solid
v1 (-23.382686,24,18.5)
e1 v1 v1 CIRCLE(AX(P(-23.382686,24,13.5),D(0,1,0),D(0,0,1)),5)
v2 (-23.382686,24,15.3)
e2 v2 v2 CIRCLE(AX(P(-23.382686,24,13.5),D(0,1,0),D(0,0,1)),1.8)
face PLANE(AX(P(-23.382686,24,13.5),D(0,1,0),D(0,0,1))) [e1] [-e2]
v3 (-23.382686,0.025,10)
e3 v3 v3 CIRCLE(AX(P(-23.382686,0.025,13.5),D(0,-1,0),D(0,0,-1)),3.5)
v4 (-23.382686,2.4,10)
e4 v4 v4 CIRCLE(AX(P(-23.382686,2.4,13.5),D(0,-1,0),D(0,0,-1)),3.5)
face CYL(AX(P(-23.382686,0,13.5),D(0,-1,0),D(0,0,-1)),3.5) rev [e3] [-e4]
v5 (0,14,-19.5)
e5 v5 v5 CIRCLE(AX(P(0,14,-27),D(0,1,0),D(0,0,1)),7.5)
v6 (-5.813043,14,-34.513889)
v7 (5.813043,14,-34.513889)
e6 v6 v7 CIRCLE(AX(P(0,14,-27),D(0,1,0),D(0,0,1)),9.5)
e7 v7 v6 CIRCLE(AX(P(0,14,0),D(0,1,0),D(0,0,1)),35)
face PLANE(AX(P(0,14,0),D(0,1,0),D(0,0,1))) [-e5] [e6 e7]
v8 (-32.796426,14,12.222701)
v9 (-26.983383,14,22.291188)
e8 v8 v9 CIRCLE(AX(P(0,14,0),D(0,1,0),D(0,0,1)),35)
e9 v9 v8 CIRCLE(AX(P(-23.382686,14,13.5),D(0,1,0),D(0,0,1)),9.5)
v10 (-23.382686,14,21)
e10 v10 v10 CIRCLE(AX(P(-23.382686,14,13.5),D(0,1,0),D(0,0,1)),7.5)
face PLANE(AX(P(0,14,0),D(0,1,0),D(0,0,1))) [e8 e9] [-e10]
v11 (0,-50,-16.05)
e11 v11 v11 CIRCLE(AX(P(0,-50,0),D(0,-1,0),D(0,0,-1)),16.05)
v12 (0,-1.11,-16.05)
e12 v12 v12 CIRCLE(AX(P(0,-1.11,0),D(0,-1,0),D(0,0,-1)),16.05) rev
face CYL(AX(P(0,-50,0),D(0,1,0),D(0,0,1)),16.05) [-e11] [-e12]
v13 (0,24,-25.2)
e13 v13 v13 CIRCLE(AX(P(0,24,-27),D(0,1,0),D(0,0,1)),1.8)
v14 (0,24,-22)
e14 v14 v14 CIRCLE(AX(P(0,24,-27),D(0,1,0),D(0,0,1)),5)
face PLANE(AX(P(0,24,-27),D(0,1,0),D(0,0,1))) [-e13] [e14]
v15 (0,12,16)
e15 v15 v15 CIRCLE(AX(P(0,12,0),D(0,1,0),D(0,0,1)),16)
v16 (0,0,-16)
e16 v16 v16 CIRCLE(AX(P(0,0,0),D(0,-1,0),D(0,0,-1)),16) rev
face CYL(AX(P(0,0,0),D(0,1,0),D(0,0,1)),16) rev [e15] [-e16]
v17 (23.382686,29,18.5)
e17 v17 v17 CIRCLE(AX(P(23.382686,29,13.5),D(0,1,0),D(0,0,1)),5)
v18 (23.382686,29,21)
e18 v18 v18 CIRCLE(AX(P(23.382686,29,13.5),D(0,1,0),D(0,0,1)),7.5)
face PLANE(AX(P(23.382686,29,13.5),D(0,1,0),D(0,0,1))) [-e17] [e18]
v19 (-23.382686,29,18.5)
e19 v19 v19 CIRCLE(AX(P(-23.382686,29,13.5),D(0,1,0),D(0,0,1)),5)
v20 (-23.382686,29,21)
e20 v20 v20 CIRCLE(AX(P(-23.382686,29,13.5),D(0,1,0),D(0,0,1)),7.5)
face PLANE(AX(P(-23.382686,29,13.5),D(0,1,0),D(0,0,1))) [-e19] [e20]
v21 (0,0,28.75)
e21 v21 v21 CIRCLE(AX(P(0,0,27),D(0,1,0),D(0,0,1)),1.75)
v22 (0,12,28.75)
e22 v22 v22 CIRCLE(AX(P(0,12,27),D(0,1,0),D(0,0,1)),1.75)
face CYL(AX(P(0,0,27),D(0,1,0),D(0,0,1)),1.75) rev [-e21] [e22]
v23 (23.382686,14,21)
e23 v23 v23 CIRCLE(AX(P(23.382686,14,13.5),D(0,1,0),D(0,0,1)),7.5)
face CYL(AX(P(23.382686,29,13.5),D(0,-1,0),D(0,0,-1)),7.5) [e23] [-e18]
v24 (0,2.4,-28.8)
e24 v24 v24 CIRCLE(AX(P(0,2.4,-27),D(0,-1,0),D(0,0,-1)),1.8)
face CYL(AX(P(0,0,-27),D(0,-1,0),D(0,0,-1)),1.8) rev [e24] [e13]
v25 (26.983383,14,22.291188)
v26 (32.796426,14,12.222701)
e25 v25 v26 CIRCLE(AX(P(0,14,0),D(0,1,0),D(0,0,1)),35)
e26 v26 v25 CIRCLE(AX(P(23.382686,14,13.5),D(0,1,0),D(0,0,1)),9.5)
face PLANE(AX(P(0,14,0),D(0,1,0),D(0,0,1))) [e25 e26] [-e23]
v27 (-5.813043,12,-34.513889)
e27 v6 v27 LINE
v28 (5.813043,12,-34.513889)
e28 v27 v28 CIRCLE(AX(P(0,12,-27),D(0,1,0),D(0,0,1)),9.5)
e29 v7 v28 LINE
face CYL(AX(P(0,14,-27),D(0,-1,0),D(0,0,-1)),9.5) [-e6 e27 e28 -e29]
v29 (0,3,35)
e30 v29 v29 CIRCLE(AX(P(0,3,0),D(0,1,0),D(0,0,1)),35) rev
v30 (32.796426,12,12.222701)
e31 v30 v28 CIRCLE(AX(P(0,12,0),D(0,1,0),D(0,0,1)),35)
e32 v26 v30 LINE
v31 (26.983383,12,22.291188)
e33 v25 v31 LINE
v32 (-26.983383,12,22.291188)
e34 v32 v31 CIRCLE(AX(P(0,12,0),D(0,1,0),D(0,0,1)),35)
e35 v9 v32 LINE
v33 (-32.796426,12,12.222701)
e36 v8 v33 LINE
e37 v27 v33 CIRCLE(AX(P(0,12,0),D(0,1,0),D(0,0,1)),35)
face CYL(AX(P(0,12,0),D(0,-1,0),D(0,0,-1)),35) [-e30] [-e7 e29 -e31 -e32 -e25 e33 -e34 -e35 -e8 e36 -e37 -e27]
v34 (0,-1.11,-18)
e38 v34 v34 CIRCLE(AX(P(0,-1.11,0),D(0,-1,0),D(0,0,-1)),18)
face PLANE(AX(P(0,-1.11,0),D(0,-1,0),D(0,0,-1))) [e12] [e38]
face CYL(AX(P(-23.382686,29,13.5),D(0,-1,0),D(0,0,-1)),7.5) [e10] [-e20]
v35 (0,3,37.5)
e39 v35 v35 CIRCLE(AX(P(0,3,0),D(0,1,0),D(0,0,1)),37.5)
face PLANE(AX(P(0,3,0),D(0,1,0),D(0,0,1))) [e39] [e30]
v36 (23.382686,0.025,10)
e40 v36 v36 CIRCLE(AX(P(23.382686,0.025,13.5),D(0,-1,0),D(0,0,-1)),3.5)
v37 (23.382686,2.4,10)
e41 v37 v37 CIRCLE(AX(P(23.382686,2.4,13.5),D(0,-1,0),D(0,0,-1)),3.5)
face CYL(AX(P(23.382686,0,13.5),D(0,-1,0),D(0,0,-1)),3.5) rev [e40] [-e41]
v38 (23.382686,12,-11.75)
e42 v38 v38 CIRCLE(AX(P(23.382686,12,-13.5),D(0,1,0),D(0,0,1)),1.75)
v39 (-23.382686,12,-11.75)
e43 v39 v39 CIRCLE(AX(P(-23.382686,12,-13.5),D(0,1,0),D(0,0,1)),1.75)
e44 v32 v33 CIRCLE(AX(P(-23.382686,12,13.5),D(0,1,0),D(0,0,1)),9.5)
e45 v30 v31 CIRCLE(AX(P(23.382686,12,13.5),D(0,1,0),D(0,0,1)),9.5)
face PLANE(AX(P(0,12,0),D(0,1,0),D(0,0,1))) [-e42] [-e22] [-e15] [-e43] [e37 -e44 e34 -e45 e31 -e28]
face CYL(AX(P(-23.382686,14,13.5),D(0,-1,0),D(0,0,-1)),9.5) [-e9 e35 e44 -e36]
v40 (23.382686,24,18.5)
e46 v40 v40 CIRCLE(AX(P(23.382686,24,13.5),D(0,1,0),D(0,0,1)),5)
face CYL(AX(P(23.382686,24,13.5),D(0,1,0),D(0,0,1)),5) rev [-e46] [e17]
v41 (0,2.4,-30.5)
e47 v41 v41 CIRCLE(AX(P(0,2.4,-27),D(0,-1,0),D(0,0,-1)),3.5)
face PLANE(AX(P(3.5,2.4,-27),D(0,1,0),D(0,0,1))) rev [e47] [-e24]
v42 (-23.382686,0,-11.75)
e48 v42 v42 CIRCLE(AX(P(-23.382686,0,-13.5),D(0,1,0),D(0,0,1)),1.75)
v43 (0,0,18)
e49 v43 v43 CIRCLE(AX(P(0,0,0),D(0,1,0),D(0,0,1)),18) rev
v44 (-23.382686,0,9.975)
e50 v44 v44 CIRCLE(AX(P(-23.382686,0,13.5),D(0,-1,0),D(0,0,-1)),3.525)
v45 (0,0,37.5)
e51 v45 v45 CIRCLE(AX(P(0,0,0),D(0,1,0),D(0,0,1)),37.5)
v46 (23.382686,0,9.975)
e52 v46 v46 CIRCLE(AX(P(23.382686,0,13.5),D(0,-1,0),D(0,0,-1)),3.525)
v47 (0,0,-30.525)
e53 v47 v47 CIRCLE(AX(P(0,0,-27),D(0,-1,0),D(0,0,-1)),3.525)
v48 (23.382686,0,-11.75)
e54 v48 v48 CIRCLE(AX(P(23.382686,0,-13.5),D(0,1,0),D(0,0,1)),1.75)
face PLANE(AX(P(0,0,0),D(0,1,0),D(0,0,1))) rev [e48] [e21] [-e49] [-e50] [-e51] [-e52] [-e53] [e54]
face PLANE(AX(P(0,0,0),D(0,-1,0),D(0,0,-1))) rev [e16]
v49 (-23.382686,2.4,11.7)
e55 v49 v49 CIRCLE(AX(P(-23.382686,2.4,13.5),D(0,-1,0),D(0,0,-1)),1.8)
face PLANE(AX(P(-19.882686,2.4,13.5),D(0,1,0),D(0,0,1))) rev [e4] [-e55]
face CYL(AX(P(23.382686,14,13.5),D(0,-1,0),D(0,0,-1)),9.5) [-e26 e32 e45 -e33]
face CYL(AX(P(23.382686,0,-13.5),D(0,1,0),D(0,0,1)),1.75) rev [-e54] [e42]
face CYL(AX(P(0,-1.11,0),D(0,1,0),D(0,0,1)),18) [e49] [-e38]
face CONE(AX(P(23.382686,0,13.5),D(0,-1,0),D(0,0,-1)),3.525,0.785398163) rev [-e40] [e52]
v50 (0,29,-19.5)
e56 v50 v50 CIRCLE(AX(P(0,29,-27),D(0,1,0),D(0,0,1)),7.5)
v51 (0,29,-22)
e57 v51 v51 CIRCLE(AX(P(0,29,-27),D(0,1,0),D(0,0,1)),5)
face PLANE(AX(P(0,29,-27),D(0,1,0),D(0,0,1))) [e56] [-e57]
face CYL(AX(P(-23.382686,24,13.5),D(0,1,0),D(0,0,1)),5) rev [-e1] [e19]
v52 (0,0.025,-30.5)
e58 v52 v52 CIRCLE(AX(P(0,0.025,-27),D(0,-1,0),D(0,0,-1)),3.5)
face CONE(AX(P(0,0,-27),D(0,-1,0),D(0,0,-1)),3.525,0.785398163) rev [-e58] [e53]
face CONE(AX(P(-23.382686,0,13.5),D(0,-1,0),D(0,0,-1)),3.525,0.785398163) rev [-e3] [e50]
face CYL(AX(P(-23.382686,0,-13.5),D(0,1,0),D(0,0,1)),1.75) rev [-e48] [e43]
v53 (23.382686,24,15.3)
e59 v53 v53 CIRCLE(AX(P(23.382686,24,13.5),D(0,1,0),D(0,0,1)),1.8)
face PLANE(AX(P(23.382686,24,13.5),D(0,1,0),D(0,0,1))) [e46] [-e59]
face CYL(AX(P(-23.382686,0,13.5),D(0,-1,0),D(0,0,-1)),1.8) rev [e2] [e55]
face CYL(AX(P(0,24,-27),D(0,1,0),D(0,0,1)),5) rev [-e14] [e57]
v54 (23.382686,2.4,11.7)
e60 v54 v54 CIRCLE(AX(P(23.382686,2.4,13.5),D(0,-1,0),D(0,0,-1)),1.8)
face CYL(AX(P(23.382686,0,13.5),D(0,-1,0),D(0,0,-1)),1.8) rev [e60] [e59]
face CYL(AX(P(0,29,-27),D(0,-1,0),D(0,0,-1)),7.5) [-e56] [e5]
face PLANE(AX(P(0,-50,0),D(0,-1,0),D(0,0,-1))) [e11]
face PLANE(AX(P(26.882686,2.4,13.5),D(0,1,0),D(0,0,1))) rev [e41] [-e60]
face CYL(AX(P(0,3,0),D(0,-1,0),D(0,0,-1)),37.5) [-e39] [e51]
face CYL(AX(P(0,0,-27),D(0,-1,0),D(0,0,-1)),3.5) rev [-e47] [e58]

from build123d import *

# Parameters (mm, degrees)
SKETCH1_R                                     = 37.5
BOSS_EXTRUDE1_DEPTH                           = 3
SKETCH1_3_R                                   = 35
BOSS_EXTRUDE2_DEPTH                           = 12
SKETCH13_R                                    = 16
CUT_EXTRUDE6_DEPTH                            = 55.373706881
BOSS_EXTRUDE9_DEPTH                           = 2
SKETCH25_R                                    = 7.5
BOSS_EXTRUDE10_DEPTH                          = 15
SKETCH26_R                                    = 5
CUT_EXTRUDE9_DEPTH                            = 5
CBORE_FOR_M3_PAN_HEAD_MACHINE_SCREW1_AT_COUNT = 2
CBORE_FOR_M3_PAN_HEAD_MACHINE_SCREW1_AT_PITCH = 46.765371804
CBORE_FOR_M3_PAN_HEAD_MACHINE_SCREW1_2_COUNT  = 2
CBORE_FOR_M3_PAN_HEAD_MACHINE_SCREW1_2_PITCH  = 46.765371804
SKETCH29_R                                    = 1.75
CUT_EXTRUDE10_DEPTH                           = 56.691112397
SKETCH31_R                                    = 16.05
BOSS_EXTRUDE11_DEPTH                          = 50
SKETCH32_R                                    = 18
SKETCH32_R_2                                  = 16
BOSS_EXTRUDE12_DEPTH                          = 1.11


with BuildPart() as part:
    # Sketch1 → Boss-Extrude1 (new body)
    with BuildSketch(Plane(origin=(0, 0, 0), x_dir=(1, 0, 0), z_dir=(0, 1, 0))):
        Circle(SKETCH1_R)
    extrude(amount=BOSS_EXTRUDE1_DEPTH)

    # Sketch1<3> → Boss-Extrude2 (add)
    with BuildSketch(Plane(origin=(0, 0, 0), x_dir=(1, 0, 0), z_dir=(0, 1, 0))):
        Circle(SKETCH1_3_R)
    extrude(amount=BOSS_EXTRUDE2_DEPTH)

    # Sketch13 → Cut-Extrude6 (cut, through all)
    with BuildSketch(Plane(origin=(0, 12, 0), x_dir=(1, 0, 0), z_dir=(0, 1, 0))):
        Circle(SKETCH13_R)
    extrude(amount=-CUT_EXTRUDE6_DEPTH, mode=Mode.SUBTRACT)

    # Sketch24 → Boss-Extrude9 (add)
    with BuildSketch(Plane(origin=(0, 12, 0), x_dir=(1, 0, 0), z_dir=(0, 1, 0))):
        with BuildLine():
            ThreePointArc((5.813043417, 34.513888889), (0, 35), (-5.813043417, 34.513888889))
            ThreePointArc((-5.813043417, 34.513888889), (0, 17.5), (5.813043417, 34.513888889))
        make_face()
        with BuildLine():
            ThreePointArc((-26.983382853, -22.291187717), (-15.155444566, -8.75), (-32.79642627, -12.222701172))
            ThreePointArc((-32.79642627, -12.222701172), (-30.310889132, -17.5), (-26.983382853, -22.291187717))
        make_face()
        with BuildLine():
            ThreePointArc((26.983382853, -22.291187717), (30.310889132, -17.5), (32.79642627, -12.222701172))
            ThreePointArc((32.79642627, -12.222701172), (15.155444566, -8.75), (26.983382853, -22.291187717))
        make_face()
    extrude(amount=BOSS_EXTRUDE9_DEPTH)

    # Sketch25 → Boss-Extrude10 (add)
    with BuildSketch(Plane(origin=(0, 14, 0), x_dir=(1, 0, 0), z_dir=(0, 1, 0))):
        with Locations((0, 27)):
            Circle(SKETCH25_R)
        with Locations((23.382685902, -13.5)):
            Circle(SKETCH25_R)
        with Locations((-23.382685902, -13.5)):
            Circle(SKETCH25_R)
    extrude(amount=BOSS_EXTRUDE10_DEPTH)

    # Sketch26 → Cut-Extrude9 (cut)
    with BuildSketch(Plane(origin=(0, 29, 0), x_dir=(1, 0, 0), z_dir=(0, 1, 0))):
        with Locations((0, 27)):
            Circle(SKETCH26_R)
        with Locations((23.382685902, -13.5)):
            Circle(SKETCH26_R)
        with Locations((-23.382685902, -13.5)):
            Circle(SKETCH26_R)
    extrude(amount=-CUT_EXTRUDE9_DEPTH, mode=Mode.SUBTRACT)

    # Sketch28 → CBORE for M3 Pan Head Machine Screw1 (revolve, cut)
    with BuildSketch(Plane(origin=(0, 0, -27), x_dir=(0, 0, -1), z_dir=(1, 0, 0))):
        Polygon((0, 0), (0, 29), (1.8, 29), (1.8, 2.4), (3.5, 2.4), (3.5, 0.025), (3.525, 0), align=None)
    cbore_for_m3_pan_head_machine_screw1 = revolve(axis=Axis((0, -6.35, -27), (0, 1, 0)), mode=Mode.SUBTRACT)

    # CBORE for M3 Pan Head Machine Screw1 at: CBORE for M3 Pan Head Machine Screw1 ×2
    with Locations(*[Vector(-0.5000000000000369, 0, 0.8660254037844174) * (i * CBORE_FOR_M3_PAN_HEAD_MACHINE_SCREW1_AT_PITCH) for i in range(1, CBORE_FOR_M3_PAN_HEAD_MACHINE_SCREW1_AT_COUNT)]):
        add(cbore_for_m3_pan_head_machine_screw1, mode=Mode.SUBTRACT)

    # CBORE for M3 Pan Head Machine Screw1 2: CBORE for M3 Pan Head Machine Screw1 ×2
    with Locations(*[Vector(0.49999999999996353, 0, 0.8660254037844598) * (i * CBORE_FOR_M3_PAN_HEAD_MACHINE_SCREW1_2_PITCH) for i in range(1, CBORE_FOR_M3_PAN_HEAD_MACHINE_SCREW1_2_COUNT)]):
        add(cbore_for_m3_pan_head_machine_screw1, mode=Mode.SUBTRACT)

    # Sketch29 → Cut-Extrude10 (cut, through all)
    with BuildSketch(Plane(origin=(0, 12, 0), x_dir=(1, 0, 0), z_dir=(0, 1, 0))):
        with Locations((23.382685902, 13.5)):
            Circle(SKETCH29_R)
        with Locations((0, -27)):
            Circle(SKETCH29_R)
        with Locations((-23.382685902, 13.5)):
            Circle(SKETCH29_R)
    extrude(amount=-CUT_EXTRUDE10_DEPTH, mode=Mode.SUBTRACT)



with BuildPart() as body_2:
    # Sketch31 → Boss-Extrude11 (new body)
    with BuildSketch(Plane.XZ):
        Circle(SKETCH31_R)
    extrude(amount=BOSS_EXTRUDE11_DEPTH)


with BuildPart() as part_1:
    add(part.part)

    add(body_2.part)  # Boss-Extrude12 merges body 2
    # Sketch32 → Boss-Extrude12 (add)
    with BuildSketch(Plane.XZ):
        Circle(SKETCH32_R)
        Circle(SKETCH32_R_2, mode=Mode.SUBTRACT)
    extrude(amount=BOSS_EXTRUDE12_DEPTH)


solid = part_1.part
